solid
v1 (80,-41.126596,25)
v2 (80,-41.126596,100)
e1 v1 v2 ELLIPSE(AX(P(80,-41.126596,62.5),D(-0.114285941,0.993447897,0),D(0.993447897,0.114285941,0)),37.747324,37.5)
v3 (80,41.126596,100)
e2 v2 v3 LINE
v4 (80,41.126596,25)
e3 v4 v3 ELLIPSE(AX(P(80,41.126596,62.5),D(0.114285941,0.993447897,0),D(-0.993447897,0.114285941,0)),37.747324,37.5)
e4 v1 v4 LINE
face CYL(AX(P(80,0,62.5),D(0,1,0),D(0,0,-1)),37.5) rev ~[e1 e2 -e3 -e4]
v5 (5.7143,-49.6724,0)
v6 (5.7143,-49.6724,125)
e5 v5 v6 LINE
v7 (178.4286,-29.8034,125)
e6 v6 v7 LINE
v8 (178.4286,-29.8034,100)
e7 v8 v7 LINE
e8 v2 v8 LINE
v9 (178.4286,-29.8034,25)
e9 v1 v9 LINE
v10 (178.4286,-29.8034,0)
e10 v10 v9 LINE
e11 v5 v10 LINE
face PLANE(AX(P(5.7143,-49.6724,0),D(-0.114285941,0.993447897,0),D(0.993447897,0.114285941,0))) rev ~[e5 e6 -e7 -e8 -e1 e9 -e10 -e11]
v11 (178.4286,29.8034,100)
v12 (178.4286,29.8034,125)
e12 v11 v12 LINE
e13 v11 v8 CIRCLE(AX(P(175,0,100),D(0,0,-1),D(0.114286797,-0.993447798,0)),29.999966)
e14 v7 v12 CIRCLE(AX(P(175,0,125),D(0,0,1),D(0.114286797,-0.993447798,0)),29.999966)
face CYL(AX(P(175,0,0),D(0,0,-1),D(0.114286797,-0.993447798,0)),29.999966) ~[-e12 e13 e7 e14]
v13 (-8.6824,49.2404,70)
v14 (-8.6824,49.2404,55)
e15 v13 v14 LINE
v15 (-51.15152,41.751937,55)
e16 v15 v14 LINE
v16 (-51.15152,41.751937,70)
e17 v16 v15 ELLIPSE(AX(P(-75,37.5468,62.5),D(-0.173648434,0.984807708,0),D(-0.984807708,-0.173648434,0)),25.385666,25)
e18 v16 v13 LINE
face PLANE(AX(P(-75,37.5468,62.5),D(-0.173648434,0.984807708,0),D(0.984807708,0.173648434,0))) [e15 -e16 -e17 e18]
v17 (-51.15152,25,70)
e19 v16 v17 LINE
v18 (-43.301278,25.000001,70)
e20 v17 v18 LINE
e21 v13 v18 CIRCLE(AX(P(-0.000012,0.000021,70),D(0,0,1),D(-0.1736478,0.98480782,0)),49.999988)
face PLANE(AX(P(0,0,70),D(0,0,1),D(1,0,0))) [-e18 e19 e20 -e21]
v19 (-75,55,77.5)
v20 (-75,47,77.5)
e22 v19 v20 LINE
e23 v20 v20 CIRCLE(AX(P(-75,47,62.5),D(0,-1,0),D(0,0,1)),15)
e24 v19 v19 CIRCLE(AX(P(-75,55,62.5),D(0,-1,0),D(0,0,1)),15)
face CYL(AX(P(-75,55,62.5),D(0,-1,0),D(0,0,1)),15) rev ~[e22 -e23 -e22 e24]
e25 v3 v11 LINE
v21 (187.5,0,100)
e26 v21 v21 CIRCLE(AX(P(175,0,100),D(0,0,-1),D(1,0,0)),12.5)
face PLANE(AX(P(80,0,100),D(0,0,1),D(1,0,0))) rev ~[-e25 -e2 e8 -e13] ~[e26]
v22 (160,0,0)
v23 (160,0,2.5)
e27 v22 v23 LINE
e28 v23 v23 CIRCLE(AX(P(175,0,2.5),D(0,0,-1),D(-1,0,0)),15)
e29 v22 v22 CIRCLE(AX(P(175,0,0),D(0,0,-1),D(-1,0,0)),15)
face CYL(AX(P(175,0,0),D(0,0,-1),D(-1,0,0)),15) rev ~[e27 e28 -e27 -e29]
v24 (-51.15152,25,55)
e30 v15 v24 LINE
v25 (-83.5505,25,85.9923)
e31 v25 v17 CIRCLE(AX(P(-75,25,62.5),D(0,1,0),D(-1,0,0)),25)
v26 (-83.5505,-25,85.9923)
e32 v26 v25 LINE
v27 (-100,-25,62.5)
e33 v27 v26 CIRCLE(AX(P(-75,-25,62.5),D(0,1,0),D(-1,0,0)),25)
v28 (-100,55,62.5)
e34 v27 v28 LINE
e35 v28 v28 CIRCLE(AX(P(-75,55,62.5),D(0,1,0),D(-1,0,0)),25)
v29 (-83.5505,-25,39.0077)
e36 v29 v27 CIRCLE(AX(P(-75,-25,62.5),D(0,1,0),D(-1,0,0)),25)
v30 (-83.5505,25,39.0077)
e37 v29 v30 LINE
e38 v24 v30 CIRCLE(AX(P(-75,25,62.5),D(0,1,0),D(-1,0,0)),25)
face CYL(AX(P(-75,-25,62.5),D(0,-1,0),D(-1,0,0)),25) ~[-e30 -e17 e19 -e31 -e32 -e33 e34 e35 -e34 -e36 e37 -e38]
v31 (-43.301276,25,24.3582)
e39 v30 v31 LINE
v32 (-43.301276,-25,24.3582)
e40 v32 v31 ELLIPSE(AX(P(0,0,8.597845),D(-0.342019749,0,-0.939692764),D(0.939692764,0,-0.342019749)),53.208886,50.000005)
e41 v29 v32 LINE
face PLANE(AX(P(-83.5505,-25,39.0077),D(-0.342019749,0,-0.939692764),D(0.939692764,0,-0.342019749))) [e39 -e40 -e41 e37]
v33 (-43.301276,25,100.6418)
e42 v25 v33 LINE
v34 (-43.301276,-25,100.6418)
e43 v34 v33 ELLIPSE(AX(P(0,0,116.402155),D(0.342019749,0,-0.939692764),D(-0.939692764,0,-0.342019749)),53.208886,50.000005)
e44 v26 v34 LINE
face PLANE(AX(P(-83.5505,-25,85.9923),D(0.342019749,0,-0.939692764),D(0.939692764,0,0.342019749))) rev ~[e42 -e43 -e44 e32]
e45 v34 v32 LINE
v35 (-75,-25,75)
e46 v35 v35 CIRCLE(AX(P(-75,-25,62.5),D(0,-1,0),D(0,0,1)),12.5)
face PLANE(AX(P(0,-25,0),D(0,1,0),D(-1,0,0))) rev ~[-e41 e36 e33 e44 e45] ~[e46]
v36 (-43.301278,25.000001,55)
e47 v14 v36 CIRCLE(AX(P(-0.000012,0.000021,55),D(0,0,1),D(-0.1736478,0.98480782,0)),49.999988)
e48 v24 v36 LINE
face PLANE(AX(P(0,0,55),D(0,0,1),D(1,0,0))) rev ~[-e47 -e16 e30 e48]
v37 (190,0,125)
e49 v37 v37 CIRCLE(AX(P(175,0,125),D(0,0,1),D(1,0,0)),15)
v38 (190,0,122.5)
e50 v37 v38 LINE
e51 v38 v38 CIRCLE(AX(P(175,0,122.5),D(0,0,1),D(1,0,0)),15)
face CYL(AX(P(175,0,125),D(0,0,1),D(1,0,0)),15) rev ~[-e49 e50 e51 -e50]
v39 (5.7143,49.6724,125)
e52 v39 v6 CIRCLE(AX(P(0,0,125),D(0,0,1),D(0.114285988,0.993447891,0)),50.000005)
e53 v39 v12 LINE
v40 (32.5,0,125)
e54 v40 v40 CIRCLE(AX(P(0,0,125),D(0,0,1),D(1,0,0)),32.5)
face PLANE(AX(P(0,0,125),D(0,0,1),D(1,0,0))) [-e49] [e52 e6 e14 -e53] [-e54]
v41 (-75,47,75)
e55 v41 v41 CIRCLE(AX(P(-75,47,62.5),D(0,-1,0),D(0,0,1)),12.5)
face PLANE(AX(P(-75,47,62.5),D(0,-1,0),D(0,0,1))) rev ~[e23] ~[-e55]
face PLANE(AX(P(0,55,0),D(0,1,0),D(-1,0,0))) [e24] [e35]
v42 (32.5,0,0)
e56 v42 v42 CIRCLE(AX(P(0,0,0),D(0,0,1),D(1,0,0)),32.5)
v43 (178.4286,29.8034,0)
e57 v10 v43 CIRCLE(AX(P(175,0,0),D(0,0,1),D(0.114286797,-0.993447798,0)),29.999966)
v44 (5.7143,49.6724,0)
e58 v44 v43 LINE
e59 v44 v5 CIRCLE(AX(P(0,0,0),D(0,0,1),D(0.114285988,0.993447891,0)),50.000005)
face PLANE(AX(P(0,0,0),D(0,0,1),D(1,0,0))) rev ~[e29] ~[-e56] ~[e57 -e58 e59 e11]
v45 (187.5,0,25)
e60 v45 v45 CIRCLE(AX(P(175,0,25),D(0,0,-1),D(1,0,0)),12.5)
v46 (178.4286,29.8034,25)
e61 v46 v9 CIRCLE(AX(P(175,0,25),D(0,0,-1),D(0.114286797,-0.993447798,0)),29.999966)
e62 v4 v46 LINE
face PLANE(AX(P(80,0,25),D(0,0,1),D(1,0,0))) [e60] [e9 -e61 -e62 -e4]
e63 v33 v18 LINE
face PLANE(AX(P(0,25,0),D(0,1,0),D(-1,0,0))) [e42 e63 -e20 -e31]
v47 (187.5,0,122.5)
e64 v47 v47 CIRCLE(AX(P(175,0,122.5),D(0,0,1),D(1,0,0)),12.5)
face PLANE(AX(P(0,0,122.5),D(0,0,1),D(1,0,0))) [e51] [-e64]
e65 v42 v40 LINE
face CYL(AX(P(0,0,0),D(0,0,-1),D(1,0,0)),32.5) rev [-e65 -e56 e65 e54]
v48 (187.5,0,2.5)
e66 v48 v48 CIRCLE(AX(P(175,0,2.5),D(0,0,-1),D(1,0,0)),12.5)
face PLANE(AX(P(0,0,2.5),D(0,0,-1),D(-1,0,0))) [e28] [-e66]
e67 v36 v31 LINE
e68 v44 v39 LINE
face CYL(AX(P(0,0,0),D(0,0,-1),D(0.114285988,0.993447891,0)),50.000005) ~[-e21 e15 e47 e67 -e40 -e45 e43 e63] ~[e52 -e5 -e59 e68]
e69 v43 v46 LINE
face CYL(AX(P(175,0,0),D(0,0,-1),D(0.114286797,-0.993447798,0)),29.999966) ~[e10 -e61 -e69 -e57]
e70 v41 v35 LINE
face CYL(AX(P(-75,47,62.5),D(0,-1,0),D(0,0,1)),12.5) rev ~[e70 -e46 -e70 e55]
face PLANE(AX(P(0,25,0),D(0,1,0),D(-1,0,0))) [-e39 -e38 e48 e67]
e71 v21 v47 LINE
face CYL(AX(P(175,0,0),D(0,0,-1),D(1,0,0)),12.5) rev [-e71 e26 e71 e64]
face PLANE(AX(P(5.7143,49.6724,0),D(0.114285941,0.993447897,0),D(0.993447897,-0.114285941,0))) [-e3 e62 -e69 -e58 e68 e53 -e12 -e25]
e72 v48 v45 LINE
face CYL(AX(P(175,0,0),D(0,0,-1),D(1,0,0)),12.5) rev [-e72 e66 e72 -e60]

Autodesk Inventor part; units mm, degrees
ref_plane "YZ Plane" through (0, 0, 0) normal (1, 0, 0) x (0, 1, 0)
sketch "Esboço1" plane through (0, 0, 0) normal (0, 0, 1) x (1, 0, 0)
  arc A0 (5.7143, 49.6724) -> (5.7143, -49.6724) centre (0, 0) ccw
  arc A1 (178.4286, -29.8034) -> (178.4286, 29.8034) centre (175, 0) ccw
  line L0 (5.7143, 49.6724) -> (178.4286, 29.8034)
  line L1 (0, 0) -> (175, 0) construction
  line L2 (5.7143, -49.6724) -> (178.4286, -29.8034)
  circle A2 centre (0, 0) radius 32.5
  circle A3 centre (175, 0) radius 12.5
  point P0 (-54.0476, 56.5474)
  point P1 (215.9085, 25.4918)
  point P2 (-54.0476, -56.5474)
  point P3 (215.9085, -25.4918)
  dimension "d0" = 100
  dimension "d1" = 60
  dimension "d2" = 175
  dimension "d3" = 65
  dimension "d4" = 25
extrude "Extrusão1" add sketch "Esboço1" along normal blind 125
ref_plane "Plano de trabalho1" through (0, -25, 0) normal (0, 1, 0) x (-1, 0, 0)
sketch "Esboço2" plane through (0, -25, 0) normal (0, 1, 0) x (-1, 0, 0)
  line L0 (0, 0) -> (0, 125) construction
  line L1 (50, 125) -> (-5.7143, 125) construction
  line L2 (0, 62.5) -> (109.1848, 62.5) construction
  circle A0 centre (75, 62.5) radius 25
  dimension "d8" = 50
  dimension "d9" = 75
extrude "Extrusão2" add sketch "Esboço2" along normal blind 80
sketch "Esboço3" plane through (0, -25, 0) normal (0, 1, 0) x (-1, 0, 0)
  circle A0 centre (75, 62.5) radius 25 projected
  arc A1 (83.5505, 85.9923) -> (83.5505, 39.0077) centre (75, 62.5) ccw
  line L0 (83.5505, 39.0077) -> (39.6496, 23.0291)
  line L1 (50, 125) -> (-5.7143, 125) projected
  line L2 (75, 62.5) -> (-32.0182, 62.5) construction
  line L3 (83.5505, 85.9923) -> (39.6496, 101.9709)
  line L4 (39.6496, 23.0291) -> (39.6496, 101.9709)
  point P0 (0, 0)
  point P1 (94.387, 42.9518)
  point P2 (9.9213, 12.2089)
  point P3 (94.387, 82.0482)
  point P4 (9.9213, 112.7911)
  point P5 (83.5505, 39.0077)
  dimension "d12" = 20
extrude "Extrusão3" add sketch "Esboço3" along normal blind 50 contours A0 L0 L4 L3
ref_plane "Plano de trabalho2" through (0, 0, 62.5) normal (0, 0, 1) x (1, 0, 0)
sketch "Esboço4" plane through (0, 0, 62.5) normal (0, 0, 1) x (1, 0, 0)
  line L0 (-50, 55) -> (-100, 55) projected
  line L1 (-75, 37.5468) -> (-75, 0)
  arc A0 (-8.6824, 49.2404) -> (-50, 0) centre (0, 0) ccw
  line L2 (-75, 0) -> (-50, 0)
  line L3 (-75, 37.5468) -> (-8.6824, 49.2404)
  dimension "d16" = 100
  dimension "d17" = 80
extrude "Extrusão4" add sketch "Esboço4" along normal mid plane 15
sketch "Esboço5" plane through (0, 0, 0) normal (0, 1, 0) x (-1, 0, 0)
  line L0 (0, 0) -> (0, 125) construction
  line L1 (0, 62.5) -> (-205, 62.5) construction
  line L2 (-205, 0) -> (-205, 125) construction
  arc A0 (-80, 25) -> (-80, 100) centre (-80, 62.5) ccw
  line L3 (-80, 25) -> (-214.9719, 25)
  line L4 (-80, 100) -> (-214.9719, 100)
  line L5 (-214.9719, 100) -> (-214.9719, 25)
  dimension "d20" = 75
  dimension "d21" = 80
extrude "Extrusão5" cut sketch "Esboço5" against normal through all both and the other way through all
sketch "Esboço6" plane through (-75, 55, 62.5) normal (0, 1, 0) x (1, 0, 0)
  point P0 (75, 62.5)
  point P1 (0, 0)
  point P2 (0, 0)
hole "Furo1" at (-75, 55, 62.5) at (-75, 55, 62.5) direction (0, -1, 0) diameter 25 end through all counterbore diameter 30 counterbore depth 8
sketch "Esboço7" plane through (0, 0, 125) normal (0, 0, 1) x (1, 0, 0)
  circle A0 centre (175, 0) radius 12.5 projected
  circle A1 centre (175, 0) radius 15
  point P0 (0, 0)
  dimension "d31" = 30
extrude "Extrusão6" cut sketch "Esboço7" against normal blind 2.5
sketch "Esboço8" plane through (0, 0, 0) normal (0, 0, -1) x (-1, 0, 0)
  circle A0 centre (-175, 0) radius 12.5 projected
  circle A1 centre (-175, 0) radius 15
  point P0 (0, 0)
  dimension "d34" = 30
extrude "Extrusão7" cut sketch "Esboço8" against normal blind 2.5
properties part number "Rubia_ASR3"
